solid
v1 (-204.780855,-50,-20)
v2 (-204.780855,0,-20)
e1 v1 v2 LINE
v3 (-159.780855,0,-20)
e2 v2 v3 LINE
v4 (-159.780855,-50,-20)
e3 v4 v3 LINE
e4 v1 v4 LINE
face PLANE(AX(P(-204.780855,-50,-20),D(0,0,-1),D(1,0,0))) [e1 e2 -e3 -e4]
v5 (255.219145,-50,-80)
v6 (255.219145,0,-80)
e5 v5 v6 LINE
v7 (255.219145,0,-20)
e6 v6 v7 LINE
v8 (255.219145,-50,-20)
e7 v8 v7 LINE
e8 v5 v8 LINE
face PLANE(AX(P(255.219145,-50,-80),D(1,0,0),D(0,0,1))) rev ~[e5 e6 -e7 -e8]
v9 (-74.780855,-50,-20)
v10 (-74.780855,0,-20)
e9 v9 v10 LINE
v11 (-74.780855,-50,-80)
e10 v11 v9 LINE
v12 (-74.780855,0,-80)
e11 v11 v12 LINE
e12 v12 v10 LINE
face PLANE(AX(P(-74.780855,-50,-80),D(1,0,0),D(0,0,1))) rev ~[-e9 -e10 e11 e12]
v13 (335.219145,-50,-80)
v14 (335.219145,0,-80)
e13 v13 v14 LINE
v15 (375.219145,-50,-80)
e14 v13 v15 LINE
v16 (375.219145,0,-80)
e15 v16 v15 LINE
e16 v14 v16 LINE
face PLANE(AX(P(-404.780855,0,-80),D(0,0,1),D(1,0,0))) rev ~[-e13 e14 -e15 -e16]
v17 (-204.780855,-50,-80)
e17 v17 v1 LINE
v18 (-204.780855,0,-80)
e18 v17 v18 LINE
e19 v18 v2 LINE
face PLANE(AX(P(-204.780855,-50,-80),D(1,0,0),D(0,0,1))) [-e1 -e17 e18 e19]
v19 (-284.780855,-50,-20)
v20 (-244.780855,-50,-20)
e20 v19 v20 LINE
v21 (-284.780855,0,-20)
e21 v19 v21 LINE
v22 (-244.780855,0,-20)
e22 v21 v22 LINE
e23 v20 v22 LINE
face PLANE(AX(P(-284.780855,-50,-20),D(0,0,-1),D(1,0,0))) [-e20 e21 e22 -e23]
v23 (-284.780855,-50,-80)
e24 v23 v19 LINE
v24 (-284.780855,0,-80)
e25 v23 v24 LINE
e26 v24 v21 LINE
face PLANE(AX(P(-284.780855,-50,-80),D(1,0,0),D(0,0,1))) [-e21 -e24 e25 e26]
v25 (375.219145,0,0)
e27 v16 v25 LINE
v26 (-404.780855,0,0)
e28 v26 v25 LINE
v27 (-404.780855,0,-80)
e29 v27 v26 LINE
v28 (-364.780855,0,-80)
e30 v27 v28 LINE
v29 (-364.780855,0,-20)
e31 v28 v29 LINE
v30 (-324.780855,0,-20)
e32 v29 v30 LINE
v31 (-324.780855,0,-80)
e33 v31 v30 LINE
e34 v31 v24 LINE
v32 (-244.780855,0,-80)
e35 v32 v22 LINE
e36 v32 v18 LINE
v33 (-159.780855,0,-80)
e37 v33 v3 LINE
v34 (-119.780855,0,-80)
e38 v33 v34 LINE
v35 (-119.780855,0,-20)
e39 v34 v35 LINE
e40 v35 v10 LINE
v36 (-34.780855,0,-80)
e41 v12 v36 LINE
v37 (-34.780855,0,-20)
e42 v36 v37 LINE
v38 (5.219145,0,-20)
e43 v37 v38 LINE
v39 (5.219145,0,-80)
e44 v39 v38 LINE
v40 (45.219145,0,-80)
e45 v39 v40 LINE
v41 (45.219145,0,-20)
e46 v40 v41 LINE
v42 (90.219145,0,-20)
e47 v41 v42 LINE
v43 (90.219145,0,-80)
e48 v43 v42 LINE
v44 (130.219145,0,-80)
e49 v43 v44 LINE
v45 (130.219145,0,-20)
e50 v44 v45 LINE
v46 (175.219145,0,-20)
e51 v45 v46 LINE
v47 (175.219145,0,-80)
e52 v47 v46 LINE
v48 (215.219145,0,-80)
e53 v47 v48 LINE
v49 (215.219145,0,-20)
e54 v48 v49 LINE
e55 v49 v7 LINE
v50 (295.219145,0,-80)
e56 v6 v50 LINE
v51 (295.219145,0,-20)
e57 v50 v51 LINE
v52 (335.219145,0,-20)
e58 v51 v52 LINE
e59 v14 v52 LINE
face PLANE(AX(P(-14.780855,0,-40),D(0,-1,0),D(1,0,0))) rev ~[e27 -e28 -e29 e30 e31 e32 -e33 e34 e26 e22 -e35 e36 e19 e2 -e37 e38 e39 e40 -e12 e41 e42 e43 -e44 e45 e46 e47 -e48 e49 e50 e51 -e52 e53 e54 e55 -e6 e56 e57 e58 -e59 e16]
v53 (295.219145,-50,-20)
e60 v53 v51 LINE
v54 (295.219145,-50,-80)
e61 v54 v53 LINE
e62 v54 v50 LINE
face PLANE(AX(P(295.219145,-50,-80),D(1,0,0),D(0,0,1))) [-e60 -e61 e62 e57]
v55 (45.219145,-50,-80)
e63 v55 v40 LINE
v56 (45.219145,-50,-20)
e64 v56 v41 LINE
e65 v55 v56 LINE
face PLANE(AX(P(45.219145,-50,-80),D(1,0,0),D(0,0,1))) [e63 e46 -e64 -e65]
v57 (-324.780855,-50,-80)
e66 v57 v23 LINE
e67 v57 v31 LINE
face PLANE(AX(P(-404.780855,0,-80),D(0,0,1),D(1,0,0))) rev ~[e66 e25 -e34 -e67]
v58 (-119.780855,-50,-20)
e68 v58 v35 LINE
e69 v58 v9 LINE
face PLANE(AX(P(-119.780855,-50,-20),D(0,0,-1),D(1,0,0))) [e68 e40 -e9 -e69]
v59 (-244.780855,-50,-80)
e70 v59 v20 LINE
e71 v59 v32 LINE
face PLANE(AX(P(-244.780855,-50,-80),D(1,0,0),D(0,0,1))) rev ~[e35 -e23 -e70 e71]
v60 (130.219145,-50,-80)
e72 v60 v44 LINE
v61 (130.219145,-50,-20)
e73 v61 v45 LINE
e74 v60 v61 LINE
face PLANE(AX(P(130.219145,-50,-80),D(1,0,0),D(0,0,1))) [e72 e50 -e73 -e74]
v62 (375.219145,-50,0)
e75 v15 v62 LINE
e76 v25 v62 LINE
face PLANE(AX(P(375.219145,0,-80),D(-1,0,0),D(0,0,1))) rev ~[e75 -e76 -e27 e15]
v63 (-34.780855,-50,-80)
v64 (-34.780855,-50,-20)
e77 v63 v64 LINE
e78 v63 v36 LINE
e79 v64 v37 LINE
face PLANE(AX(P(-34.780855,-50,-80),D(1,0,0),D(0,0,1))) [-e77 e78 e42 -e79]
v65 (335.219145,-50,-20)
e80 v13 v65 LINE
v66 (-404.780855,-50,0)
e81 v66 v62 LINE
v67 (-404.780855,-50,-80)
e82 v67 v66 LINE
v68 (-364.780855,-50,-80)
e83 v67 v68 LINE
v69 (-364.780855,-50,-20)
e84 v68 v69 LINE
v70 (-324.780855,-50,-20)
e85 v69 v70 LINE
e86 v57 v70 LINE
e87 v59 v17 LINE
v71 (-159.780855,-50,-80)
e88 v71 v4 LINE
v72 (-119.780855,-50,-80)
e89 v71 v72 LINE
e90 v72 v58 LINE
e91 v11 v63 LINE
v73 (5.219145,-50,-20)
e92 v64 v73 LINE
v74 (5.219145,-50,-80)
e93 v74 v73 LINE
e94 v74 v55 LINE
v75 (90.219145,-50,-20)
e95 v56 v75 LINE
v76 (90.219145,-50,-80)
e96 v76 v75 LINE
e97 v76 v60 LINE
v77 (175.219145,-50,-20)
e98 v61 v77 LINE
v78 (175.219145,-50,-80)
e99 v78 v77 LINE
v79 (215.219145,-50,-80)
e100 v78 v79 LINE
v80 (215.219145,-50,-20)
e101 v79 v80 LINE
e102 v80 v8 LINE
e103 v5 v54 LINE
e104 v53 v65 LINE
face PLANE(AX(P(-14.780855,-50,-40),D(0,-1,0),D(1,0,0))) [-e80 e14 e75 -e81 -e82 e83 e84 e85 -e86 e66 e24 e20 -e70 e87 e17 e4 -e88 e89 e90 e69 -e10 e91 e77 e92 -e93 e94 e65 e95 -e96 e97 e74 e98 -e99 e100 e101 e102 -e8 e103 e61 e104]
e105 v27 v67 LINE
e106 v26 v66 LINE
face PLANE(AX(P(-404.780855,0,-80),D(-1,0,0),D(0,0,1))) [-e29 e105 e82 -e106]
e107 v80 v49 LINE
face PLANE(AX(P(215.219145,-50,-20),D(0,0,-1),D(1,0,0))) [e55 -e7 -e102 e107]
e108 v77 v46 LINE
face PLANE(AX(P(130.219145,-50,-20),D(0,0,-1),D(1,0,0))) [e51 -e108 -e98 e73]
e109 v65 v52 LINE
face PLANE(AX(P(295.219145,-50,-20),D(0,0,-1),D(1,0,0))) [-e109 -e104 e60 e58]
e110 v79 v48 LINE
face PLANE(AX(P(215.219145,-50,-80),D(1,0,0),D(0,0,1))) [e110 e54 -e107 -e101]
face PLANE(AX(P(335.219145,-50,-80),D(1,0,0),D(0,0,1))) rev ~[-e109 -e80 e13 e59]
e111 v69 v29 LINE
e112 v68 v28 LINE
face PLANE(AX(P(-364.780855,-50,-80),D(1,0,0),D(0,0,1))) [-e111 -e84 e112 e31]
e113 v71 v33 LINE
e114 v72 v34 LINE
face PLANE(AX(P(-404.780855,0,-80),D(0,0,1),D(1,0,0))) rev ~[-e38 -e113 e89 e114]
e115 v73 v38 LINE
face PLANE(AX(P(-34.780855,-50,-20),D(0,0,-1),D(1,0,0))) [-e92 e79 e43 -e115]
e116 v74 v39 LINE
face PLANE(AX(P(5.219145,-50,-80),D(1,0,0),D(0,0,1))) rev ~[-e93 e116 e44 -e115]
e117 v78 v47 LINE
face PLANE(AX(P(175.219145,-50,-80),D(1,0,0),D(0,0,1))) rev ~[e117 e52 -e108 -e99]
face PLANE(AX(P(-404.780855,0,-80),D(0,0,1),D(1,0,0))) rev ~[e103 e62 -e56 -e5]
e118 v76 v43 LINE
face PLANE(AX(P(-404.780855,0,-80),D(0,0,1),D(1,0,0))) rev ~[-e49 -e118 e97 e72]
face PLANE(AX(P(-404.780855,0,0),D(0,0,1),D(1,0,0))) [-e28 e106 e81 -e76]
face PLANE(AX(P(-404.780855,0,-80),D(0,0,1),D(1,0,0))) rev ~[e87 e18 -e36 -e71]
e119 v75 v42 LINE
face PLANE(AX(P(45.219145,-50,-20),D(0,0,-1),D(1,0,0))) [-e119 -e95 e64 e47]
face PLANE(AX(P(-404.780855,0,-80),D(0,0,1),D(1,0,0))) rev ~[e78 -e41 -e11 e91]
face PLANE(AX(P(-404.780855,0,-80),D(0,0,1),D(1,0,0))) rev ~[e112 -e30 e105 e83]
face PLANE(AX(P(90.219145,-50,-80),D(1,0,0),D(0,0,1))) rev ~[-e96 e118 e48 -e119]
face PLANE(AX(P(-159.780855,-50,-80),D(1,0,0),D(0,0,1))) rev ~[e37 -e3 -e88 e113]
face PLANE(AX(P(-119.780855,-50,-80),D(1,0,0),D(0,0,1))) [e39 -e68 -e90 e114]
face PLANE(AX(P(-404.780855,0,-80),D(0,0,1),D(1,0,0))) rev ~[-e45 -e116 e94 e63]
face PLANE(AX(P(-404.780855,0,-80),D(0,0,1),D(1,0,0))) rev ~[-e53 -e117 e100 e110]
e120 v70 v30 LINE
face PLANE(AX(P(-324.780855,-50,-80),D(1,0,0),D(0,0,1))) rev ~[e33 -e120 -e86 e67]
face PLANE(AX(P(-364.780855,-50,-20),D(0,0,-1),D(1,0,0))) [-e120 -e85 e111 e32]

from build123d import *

# Parameters (mm, degrees)
F0_W     = 780
F0_H     = 80
F1_DEPTH = 50
F2_W     = 40
F2_H     = 60
F2_W_2   = 45
F3_DEPTH = 50


with BuildPart() as f1:
    # F0 (on Front) → F1 (new body)
    with BuildSketch(Plane.XZ):
        with Locations((-14.780855, -40)):
            Rectangle(F0_W, F0_H)
    extrude(amount=F1_DEPTH)

    # F2 (on face) → F3 (cut)
    with BuildSketch(Plane.XZ.offset(50)):
        with Locations((-344.780855, -50)):
            Rectangle(F2_W, F2_H)
        with Locations((-264.780855, -50)):
            Rectangle(F2_W, F2_H)
        with Locations((-182.280855, -50)):
            Rectangle(F2_W_2, F2_H)
        with Locations((-97.280855, -50)):
            Rectangle(F2_W_2, F2_H)
        with Locations((-14.780855, -50)):
            Rectangle(F2_W, F2_H)
        with Locations((67.719145, -50)):
            Rectangle(F2_W_2, F2_H)
        with Locations((152.719145, -50)):
            Rectangle(F2_W_2, F2_H)
        with Locations((235.219145, -50)):
            Rectangle(F2_W, F2_H)
        with Locations((315.219145, -50)):
            Rectangle(F2_W, F2_H)
    extrude(amount=-F3_DEPTH, mode=Mode.SUBTRACT)


solid = f1.part
